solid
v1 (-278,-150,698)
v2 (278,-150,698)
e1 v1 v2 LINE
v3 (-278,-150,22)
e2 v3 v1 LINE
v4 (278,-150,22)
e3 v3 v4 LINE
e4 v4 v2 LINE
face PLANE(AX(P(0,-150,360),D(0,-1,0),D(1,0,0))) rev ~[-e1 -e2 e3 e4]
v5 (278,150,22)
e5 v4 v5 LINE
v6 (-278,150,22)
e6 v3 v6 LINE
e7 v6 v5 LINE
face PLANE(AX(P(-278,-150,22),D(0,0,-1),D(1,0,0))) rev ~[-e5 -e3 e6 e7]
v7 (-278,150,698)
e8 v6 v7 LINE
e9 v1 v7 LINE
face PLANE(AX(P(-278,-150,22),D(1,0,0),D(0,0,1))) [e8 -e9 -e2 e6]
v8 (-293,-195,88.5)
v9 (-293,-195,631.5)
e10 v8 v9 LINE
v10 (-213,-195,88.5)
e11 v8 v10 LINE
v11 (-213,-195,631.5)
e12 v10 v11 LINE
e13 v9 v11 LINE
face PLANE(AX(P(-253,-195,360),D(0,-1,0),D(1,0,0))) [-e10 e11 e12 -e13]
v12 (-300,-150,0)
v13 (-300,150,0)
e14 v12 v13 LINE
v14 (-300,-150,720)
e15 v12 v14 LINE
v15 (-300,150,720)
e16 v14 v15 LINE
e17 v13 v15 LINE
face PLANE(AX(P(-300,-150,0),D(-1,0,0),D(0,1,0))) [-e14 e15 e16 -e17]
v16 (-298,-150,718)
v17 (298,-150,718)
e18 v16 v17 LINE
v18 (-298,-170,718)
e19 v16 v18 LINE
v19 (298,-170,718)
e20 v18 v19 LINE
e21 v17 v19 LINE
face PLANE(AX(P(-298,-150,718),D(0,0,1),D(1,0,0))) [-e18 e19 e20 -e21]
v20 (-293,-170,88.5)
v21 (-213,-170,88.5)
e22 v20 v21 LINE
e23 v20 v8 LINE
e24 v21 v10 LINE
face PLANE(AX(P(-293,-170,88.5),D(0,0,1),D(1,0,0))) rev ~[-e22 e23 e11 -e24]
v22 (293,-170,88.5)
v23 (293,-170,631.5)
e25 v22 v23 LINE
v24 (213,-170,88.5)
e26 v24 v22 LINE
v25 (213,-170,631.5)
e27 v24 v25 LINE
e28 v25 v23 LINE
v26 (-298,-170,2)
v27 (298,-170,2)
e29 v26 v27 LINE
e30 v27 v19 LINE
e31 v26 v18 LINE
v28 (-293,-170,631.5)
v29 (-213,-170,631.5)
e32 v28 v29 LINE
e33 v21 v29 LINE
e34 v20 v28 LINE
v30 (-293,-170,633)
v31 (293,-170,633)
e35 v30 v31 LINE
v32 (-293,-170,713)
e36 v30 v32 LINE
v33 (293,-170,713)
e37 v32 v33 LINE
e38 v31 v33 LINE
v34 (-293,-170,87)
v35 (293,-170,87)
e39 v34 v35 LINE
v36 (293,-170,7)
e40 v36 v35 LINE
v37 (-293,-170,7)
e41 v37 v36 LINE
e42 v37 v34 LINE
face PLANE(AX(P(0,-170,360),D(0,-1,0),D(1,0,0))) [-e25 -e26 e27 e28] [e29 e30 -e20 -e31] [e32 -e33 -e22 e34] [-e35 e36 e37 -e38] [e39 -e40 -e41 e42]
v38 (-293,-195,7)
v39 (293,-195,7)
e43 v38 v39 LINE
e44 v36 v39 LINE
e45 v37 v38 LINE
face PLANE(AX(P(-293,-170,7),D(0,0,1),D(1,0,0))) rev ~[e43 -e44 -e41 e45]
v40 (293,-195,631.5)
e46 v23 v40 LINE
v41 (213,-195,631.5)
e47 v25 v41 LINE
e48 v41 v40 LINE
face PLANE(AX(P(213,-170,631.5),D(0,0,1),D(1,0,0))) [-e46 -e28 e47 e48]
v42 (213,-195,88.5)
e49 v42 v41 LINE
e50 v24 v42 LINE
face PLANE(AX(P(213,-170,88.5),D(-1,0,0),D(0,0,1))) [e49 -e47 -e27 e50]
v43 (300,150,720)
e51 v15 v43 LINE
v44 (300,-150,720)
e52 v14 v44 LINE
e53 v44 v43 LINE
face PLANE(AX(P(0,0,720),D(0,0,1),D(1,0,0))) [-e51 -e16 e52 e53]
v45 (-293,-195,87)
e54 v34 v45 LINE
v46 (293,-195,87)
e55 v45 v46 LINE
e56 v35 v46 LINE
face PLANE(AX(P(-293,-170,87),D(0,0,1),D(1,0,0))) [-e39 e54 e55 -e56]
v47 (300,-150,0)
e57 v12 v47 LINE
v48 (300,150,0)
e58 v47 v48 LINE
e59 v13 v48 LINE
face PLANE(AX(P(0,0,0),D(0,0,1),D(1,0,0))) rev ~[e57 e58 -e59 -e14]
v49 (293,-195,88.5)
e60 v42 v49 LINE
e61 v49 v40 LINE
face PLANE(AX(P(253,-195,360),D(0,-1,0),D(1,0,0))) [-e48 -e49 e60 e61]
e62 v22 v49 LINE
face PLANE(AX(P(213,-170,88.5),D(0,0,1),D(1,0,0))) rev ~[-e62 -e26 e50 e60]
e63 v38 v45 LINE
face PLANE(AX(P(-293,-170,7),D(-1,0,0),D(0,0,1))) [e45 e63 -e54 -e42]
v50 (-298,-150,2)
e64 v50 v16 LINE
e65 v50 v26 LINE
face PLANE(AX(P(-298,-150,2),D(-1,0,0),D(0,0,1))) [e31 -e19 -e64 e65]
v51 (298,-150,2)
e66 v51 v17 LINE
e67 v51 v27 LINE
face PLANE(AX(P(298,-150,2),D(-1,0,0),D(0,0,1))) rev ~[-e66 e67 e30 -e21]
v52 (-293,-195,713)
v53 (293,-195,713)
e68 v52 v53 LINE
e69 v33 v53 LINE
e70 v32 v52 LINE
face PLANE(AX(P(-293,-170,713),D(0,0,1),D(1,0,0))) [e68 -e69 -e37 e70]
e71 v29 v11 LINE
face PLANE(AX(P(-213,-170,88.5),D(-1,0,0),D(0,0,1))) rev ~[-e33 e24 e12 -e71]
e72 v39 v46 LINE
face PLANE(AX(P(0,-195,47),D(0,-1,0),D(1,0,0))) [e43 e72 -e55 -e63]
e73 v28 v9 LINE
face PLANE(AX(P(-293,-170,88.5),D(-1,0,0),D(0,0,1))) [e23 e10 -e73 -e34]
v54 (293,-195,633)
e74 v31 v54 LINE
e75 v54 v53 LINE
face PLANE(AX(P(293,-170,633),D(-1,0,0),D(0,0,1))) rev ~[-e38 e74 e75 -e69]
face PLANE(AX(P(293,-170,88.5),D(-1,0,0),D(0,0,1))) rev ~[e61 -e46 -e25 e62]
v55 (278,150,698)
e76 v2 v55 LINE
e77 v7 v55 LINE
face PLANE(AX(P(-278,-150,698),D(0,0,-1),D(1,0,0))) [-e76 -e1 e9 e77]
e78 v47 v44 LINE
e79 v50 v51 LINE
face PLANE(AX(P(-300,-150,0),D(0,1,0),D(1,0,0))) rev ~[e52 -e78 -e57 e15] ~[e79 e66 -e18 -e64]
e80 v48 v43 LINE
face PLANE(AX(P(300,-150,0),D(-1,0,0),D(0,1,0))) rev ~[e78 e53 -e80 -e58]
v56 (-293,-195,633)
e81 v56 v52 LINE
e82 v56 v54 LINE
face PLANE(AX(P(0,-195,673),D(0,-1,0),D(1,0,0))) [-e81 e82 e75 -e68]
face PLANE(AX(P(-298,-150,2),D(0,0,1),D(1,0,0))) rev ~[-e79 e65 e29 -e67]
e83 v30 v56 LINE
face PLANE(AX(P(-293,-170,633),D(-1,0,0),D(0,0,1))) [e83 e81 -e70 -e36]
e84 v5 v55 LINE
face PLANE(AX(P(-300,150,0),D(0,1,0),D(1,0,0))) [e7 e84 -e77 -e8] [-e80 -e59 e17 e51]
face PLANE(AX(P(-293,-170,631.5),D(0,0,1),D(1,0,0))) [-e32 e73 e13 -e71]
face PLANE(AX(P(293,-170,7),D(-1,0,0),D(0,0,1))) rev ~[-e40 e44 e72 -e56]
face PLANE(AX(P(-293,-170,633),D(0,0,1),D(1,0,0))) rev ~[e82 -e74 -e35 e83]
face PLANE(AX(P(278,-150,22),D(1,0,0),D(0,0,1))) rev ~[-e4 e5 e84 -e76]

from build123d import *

# Parameters (mm, degrees)
F0_W     = 600
F0_H     = 300
F1_DEPTH = 720
F2_W     = 556
F2_H     = 676
F3_DEPTH = 300
F4_W     = 596
F4_H     = 716
F5_DEPTH = 20
F6_W     = 586
F6_H     = 80
F6_W_2   = 80
F6_H_2   = 543
F7_DEPTH = 25


with BuildPart() as f1:
    # F0 (on Top) → F1 (new body)
    with BuildSketch(Plane.XY):
        Rectangle(F0_W, F0_H)
    extrude(amount=F1_DEPTH)

    # F2 (on face) → F3 (cut, through all)
    with BuildSketch(Plane.XZ.offset(150)):
        with Locations((0, 360)):
            Rectangle(F2_W, F2_H)
    extrude(amount=-F3_DEPTH, mode=Mode.SUBTRACT)

    # F4 (on face) → F5 (join)
    with BuildSketch(Plane.XZ.offset(150)):
        with Locations((0, 360)):
            Rectangle(F4_W, F4_H)
    extrude(amount=F5_DEPTH)

    # F6 (on face) → F7 (join)
    with BuildSketch(Plane.XZ.offset(170)):
        with Locations((0, 673)):
            Rectangle(F6_W, F6_H)
        with Locations((-253, 360)):
            Rectangle(F6_W_2, F6_H_2)
        with Locations((253, 360)):
            Rectangle(F6_W_2, F6_H_2)
        with Locations((0, 47)):
            Rectangle(F6_W, F6_H)
    extrude(amount=F7_DEPTH)


solid = f1.part
